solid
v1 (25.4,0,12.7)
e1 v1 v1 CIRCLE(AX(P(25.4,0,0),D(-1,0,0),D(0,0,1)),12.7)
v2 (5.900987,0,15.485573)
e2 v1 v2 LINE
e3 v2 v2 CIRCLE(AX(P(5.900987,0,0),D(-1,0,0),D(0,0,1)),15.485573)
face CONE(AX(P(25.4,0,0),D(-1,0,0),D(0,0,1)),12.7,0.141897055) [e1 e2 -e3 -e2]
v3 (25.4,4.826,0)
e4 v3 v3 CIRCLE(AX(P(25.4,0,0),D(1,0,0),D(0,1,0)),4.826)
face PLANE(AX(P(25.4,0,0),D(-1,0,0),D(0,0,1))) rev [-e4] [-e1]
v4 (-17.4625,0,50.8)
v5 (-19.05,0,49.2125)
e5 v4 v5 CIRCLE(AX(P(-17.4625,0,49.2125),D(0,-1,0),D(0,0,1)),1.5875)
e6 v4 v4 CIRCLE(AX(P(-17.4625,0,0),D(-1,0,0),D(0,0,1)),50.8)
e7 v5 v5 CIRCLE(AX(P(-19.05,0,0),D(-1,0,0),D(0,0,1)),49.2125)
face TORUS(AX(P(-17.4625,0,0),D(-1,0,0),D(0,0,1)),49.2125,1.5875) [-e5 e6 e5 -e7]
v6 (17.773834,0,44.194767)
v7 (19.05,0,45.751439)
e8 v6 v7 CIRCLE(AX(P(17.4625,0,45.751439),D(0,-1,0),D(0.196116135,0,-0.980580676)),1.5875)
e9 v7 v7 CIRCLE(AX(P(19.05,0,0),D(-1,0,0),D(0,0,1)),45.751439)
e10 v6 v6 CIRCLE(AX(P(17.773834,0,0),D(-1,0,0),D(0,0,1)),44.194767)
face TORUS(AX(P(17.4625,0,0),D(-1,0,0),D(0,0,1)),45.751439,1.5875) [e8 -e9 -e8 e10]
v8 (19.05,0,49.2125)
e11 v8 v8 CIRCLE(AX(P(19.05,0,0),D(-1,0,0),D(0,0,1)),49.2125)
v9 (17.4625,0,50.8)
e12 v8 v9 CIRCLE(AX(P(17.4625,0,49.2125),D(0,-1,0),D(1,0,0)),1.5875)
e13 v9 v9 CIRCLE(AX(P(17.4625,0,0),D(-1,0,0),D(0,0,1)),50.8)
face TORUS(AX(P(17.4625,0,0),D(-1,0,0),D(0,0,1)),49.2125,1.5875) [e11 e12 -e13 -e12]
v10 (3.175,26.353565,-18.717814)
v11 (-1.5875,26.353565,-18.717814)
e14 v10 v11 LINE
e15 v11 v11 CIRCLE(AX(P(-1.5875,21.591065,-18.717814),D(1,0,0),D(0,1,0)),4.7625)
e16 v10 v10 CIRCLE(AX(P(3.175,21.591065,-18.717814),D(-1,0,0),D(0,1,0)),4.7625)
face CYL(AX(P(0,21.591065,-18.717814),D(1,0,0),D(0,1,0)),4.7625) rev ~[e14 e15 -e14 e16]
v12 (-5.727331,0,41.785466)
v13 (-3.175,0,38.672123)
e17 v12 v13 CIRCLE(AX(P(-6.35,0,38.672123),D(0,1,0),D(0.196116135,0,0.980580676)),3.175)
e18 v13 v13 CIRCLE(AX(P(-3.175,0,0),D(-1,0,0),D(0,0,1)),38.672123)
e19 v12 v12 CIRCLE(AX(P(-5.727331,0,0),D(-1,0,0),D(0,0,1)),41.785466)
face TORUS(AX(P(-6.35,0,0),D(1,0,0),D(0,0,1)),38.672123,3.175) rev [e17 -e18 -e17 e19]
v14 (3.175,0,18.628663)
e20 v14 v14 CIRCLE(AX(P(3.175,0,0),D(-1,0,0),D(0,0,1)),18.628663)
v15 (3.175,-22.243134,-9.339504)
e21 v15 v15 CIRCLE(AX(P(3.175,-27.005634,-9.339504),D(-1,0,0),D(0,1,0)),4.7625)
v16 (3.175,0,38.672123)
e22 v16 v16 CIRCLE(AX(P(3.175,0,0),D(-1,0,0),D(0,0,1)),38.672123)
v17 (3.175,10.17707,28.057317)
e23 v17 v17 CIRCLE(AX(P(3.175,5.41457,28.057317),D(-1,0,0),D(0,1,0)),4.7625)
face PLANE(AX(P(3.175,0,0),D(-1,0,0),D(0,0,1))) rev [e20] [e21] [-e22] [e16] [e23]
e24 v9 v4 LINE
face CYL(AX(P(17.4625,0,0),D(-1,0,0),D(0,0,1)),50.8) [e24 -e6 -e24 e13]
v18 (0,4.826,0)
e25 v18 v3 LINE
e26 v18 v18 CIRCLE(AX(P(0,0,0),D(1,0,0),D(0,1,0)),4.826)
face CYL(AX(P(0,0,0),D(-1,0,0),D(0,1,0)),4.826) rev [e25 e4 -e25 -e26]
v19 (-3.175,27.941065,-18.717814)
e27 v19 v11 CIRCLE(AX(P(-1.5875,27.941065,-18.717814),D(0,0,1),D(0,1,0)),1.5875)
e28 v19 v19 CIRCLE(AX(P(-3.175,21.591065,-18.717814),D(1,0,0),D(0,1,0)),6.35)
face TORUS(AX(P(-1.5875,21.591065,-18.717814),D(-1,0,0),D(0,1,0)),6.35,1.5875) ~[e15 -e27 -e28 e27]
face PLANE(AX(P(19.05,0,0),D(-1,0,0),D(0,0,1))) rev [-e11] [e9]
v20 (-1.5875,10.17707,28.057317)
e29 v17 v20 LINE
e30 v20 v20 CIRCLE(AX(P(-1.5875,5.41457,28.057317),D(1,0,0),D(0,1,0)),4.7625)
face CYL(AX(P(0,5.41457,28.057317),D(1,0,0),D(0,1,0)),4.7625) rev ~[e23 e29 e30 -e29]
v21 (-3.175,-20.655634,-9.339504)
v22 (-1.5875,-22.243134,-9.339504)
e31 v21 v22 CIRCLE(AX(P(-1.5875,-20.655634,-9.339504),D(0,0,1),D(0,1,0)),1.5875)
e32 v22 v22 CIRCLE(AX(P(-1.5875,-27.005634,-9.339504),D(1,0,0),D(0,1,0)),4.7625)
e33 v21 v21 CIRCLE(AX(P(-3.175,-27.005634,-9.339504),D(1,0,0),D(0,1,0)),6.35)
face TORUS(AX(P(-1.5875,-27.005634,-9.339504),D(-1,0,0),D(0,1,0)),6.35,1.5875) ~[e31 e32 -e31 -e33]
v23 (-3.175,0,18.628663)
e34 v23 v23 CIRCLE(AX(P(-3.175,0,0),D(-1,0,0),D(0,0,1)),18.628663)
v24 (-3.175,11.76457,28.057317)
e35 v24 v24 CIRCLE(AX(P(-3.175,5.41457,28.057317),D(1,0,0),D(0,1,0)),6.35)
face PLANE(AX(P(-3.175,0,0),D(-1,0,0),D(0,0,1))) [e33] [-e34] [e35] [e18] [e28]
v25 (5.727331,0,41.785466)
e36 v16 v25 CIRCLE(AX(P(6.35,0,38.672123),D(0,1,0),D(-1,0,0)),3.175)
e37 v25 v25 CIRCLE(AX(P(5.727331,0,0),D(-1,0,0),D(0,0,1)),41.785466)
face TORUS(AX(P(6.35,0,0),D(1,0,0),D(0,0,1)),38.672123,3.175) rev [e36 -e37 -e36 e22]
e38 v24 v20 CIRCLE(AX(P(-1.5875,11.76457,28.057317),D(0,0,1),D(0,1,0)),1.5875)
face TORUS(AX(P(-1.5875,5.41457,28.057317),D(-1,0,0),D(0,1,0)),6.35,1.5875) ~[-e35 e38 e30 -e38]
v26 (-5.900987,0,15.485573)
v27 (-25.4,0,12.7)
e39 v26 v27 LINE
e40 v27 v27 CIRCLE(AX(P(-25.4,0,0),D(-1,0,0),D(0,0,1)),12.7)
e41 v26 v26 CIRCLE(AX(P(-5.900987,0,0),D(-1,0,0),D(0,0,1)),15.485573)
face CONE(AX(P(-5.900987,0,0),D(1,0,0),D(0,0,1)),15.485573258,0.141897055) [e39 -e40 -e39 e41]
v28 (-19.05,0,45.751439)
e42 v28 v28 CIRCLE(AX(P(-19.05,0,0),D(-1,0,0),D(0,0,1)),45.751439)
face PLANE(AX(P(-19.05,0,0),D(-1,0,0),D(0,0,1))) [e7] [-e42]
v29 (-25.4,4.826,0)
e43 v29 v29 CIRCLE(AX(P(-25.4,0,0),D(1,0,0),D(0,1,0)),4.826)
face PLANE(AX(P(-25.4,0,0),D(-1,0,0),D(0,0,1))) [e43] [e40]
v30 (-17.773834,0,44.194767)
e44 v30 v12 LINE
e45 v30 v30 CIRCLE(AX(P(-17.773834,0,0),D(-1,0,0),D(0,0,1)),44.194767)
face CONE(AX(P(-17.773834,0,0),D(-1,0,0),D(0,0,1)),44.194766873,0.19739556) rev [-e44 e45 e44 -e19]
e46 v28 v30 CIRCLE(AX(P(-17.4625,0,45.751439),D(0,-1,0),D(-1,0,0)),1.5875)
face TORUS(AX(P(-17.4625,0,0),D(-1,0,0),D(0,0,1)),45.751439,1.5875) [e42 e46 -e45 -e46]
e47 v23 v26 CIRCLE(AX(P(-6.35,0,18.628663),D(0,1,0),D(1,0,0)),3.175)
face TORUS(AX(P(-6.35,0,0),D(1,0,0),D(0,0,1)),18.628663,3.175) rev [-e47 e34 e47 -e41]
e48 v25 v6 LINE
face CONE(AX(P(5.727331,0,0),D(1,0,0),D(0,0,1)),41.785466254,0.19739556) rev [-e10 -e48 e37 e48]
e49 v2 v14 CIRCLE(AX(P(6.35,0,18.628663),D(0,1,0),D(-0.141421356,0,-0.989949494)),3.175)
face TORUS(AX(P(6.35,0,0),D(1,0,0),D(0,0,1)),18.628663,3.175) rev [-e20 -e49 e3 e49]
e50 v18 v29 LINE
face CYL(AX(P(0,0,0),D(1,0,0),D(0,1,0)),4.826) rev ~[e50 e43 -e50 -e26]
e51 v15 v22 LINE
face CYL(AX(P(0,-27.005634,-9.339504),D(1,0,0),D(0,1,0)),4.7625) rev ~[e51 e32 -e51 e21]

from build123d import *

# Parameters (mm, degrees)
F1_R          = 4.826
F1_R_2        = 4.7625
F3_DEPTH      = 25.4
F3_DEPTH_BACK = 25.4
F4_R          = 1.5875


with BuildPart() as f2:
    # F0 (on Front) → F2 (revolve)
    with BuildSketch(Plane.XZ):
        with BuildLine():
            Line((17.4625, 50.8), (0, 50.8))
            Line((0, 50.8), (-17.4625, 50.8))
            ThreePointArc((-17.4625, 50.8), (-18.5850320151, 50.3350320151), (-19.05, 49.2125))
            Line((-19.05, 49.2125), (-19.05, 45.7514386956))
            ThreePointArc((-19.05, 45.7514386956), (-18.6901806494, 44.7449813079), (-17.7738343645, 44.1947668729))
            Line((-17.7738343645, 44.1947668729), (-5.7273312709, 41.7854662542))
            ThreePointArc((-5.7273312709, 41.7854662542), (-3.8946387013, 40.6850373842), (-3.175, 38.6721226089))
            Line((-3.175, 38.6721226089), (-3.175, 18.6286629004))
            ThreePointArc((-3.175, 18.6286629004), (-3.9514336929, 16.5483973716), (-5.9009871939, 15.485573258))
            Line((-5.9009871939, 15.485573258), (-25.4, 12.7))
            Line((-25.4, 12.7), (-25.4, 0))
            Line((-25.4, 0), (-3.175, 0))
            Line((-3.175, 0), (0, 0))
            Line((0, 0), (3.175, 0))
            Line((3.175, 0), (25.4, 0))
            Line((25.4, 0), (25.4, 12.7))
            Line((25.4, 12.7), (5.9009871939, 15.485573258))
            ThreePointArc((5.9009871939, 15.485573258), (3.9514336929, 16.5483973716), (3.175, 18.6286629004))
            Line((3.175, 18.6286629004), (3.175, 38.6721226089))
            ThreePointArc((3.175, 38.6721226089), (3.8946387013, 40.6850373842), (5.7273312709, 41.7854662542))
            Line((5.7273312709, 41.7854662542), (17.7738343645, 44.1947668729))
            ThreePointArc((17.7738343645, 44.1947668729), (18.6901806494, 44.7449813079), (19.05, 45.7514386956))
            Line((19.05, 45.7514386956), (19.05, 49.2125))
            ThreePointArc((19.05, 49.2125), (18.5850320151, 50.3350320151), (17.4625, 50.8))
        make_face()
    revolve(axis=Axis((-14.2875, 0, 0), (-1, 0, 0)))

    # F1 (on Right) → F3 (cut, two sides)
    with BuildSketch(Plane.YZ) as f3_sk:
        Circle(F1_R)
        with Locations((5.4145697075, 28.0573174035)):
            Circle(F1_R_2)
        with Locations((-27.0056344873, -9.3395037845)):
            Circle(F1_R_2)
        with Locations((21.5910647797, -18.717813619)):
            Circle(F1_R_2)
    extrude(amount=-F3_DEPTH, mode=Mode.SUBTRACT)
    extrude(f3_sk.sketch, amount=F3_DEPTH_BACK, mode=Mode.SUBTRACT)

    # F4
    f4_edges = [f2.edges().sort_by_distance(p)[0] for p in [
        (-3.175, 0.65207, 28.057317),
        (-3.175, -31.768134, -9.339504),
        (-3.175, 16.828565, -18.717814),
    ]]
    fillet(f4_edges, radius=F4_R)


solid = f2.part
